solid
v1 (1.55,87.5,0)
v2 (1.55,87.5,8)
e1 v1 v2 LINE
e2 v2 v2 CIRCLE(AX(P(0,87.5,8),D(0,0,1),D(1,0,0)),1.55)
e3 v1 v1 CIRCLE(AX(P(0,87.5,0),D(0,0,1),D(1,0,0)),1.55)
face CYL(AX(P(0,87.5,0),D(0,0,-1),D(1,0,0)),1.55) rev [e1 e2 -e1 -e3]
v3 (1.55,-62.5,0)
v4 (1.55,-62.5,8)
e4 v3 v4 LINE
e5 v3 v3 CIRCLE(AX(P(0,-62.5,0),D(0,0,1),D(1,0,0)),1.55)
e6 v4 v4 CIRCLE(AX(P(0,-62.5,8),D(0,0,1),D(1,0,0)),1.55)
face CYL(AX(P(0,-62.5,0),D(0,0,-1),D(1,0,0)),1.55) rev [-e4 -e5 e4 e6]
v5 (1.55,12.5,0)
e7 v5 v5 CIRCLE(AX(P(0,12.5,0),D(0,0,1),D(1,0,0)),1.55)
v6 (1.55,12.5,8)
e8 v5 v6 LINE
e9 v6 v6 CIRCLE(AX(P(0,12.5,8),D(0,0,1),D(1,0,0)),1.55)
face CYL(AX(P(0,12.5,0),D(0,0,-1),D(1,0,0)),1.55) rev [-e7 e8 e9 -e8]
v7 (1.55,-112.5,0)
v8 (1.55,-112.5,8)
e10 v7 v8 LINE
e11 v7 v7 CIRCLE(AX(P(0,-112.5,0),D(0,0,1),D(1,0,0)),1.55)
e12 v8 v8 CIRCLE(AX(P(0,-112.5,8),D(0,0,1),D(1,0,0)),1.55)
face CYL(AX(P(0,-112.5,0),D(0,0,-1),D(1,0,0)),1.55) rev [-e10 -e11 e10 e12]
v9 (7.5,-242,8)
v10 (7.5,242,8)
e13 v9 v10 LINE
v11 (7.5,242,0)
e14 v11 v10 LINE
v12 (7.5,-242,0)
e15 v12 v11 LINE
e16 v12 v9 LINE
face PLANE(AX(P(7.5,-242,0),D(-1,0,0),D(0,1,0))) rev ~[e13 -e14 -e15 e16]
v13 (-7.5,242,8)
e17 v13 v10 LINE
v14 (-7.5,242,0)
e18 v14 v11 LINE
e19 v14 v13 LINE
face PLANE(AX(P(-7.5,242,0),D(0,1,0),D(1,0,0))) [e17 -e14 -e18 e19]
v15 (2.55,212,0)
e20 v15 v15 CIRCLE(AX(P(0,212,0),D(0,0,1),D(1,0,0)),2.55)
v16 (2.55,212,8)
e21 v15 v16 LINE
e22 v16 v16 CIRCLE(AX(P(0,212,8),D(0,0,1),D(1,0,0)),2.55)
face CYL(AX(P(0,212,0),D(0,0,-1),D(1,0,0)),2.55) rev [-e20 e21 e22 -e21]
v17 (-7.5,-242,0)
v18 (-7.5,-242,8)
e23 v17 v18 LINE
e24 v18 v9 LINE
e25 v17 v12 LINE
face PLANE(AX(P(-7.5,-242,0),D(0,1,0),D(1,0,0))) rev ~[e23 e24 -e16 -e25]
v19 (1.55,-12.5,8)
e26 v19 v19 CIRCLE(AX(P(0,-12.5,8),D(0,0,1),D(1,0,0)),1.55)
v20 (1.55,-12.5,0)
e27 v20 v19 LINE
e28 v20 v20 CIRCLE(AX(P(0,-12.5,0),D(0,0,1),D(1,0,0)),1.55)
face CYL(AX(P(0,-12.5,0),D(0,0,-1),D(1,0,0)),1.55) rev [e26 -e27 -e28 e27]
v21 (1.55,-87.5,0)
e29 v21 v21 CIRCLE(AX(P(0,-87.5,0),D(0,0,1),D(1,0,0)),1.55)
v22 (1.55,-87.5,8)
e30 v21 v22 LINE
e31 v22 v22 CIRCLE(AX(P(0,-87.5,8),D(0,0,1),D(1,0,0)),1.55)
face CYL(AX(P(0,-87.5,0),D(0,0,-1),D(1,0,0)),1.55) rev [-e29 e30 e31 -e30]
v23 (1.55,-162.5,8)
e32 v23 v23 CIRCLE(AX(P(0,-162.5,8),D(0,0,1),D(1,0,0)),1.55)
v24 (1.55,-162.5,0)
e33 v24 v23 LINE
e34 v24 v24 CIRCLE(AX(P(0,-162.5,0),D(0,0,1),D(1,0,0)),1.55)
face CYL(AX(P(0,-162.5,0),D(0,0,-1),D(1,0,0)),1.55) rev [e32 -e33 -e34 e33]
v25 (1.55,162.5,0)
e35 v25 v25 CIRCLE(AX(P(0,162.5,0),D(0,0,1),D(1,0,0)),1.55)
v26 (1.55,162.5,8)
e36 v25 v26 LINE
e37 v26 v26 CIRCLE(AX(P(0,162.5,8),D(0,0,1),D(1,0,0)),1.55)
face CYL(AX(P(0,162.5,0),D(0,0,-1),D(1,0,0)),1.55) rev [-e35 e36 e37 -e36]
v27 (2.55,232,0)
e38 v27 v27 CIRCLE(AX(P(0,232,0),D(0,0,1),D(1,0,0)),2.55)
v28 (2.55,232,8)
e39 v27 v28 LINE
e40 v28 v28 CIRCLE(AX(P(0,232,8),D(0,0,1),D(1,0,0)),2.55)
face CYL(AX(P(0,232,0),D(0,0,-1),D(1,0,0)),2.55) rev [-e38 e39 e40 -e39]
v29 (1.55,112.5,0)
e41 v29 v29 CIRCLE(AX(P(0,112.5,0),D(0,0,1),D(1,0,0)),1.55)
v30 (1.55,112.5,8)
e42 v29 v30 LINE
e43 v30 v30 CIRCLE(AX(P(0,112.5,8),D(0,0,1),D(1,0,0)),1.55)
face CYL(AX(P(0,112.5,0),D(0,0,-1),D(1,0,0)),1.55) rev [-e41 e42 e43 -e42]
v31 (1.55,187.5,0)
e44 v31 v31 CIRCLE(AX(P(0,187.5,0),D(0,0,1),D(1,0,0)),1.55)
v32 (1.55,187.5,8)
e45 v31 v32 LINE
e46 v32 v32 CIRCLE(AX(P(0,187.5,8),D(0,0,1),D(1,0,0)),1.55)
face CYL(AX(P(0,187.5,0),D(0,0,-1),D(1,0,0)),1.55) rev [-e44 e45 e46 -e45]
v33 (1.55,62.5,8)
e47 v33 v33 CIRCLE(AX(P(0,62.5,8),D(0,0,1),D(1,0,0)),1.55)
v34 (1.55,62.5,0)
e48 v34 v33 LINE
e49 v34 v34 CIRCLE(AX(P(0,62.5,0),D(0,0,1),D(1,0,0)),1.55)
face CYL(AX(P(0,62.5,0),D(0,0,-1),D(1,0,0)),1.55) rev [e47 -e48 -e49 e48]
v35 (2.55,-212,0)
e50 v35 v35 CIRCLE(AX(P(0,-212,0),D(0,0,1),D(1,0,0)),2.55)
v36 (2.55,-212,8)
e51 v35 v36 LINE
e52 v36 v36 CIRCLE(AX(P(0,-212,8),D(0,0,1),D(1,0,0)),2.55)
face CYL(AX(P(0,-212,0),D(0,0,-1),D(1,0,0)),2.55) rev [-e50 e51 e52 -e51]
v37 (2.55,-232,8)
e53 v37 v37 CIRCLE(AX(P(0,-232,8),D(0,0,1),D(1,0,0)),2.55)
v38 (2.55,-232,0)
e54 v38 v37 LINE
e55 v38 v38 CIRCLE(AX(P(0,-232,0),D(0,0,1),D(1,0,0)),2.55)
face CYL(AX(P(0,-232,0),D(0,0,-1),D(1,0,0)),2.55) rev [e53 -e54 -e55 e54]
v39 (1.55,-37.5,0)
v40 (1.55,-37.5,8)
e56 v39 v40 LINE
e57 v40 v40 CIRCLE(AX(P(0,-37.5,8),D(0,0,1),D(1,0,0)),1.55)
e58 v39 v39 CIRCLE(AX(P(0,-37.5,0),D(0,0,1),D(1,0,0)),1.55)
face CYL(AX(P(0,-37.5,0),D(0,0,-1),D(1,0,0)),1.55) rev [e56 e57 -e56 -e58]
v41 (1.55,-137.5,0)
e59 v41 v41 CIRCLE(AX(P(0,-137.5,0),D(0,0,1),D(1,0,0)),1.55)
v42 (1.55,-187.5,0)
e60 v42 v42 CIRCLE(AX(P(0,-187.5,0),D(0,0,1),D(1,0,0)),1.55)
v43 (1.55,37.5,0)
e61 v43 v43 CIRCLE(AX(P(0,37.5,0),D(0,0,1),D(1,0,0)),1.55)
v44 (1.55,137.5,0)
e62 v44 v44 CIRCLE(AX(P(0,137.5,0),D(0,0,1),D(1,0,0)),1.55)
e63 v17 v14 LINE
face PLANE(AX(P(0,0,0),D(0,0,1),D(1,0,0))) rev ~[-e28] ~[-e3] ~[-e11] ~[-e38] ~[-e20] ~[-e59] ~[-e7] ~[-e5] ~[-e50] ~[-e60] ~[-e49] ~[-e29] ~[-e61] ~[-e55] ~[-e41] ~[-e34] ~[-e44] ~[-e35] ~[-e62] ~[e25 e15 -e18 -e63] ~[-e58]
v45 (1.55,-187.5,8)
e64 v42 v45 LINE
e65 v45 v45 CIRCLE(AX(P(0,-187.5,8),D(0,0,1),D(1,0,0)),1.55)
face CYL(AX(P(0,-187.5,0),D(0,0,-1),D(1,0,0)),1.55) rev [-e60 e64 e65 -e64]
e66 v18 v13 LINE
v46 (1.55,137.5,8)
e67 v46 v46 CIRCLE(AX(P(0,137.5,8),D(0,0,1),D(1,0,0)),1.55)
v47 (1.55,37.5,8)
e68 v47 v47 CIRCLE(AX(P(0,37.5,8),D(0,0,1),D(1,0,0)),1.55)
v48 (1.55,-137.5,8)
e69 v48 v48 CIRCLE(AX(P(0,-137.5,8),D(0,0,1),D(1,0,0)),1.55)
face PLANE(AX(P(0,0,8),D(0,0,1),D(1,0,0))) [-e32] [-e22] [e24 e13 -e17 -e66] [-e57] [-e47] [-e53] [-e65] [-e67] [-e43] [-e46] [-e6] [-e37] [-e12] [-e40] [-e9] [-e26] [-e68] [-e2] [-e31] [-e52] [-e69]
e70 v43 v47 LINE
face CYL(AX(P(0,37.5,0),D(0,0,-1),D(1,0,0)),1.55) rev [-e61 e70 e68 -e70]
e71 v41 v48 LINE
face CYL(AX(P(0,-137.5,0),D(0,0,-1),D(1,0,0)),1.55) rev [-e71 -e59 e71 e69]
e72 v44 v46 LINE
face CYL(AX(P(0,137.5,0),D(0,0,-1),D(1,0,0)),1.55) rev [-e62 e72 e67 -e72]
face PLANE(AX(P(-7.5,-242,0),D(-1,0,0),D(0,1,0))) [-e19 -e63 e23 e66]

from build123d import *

# Parameters (mm, degrees)
F0_W     = 15
F0_H     = 484
F0_R     = 2.55
F0_R_2   = 1.55
F1_DEPTH = 8


with BuildPart() as f1:
    # F0 (on Top) → F1 (new body)
    with BuildSketch(Plane.XY):
        Rectangle(F0_W, F0_H)
        with Locations((0, -232)):
            Circle(F0_R, mode=Mode.SUBTRACT)
        with Locations((0, -212)):
            Circle(F0_R, mode=Mode.SUBTRACT)
        with Locations((0, -187.5)):
            Circle(F0_R_2, mode=Mode.SUBTRACT)
        with Locations((0, -162.5)):
            Circle(F0_R_2, mode=Mode.SUBTRACT)
        with Locations((0, -137.5)):
            Circle(F0_R_2, mode=Mode.SUBTRACT)
        with Locations((0, -112.5)):
            Circle(F0_R_2, mode=Mode.SUBTRACT)
        with Locations((0, -87.5)):
            Circle(F0_R_2, mode=Mode.SUBTRACT)
        with Locations((0, -62.5)):
            Circle(F0_R_2, mode=Mode.SUBTRACT)
        with Locations((0, -37.5)):
            Circle(F0_R_2, mode=Mode.SUBTRACT)
        with Locations((0, -12.5)):
            Circle(F0_R_2, mode=Mode.SUBTRACT)
        with Locations((0, 12.5)):
            Circle(F0_R_2, mode=Mode.SUBTRACT)
        with Locations((0, 37.5)):
            Circle(F0_R_2, mode=Mode.SUBTRACT)
        with Locations((0, 62.5)):
            Circle(F0_R_2, mode=Mode.SUBTRACT)
        with Locations((0, 87.5)):
            Circle(F0_R_2, mode=Mode.SUBTRACT)
        with Locations((0, 112.5)):
            Circle(F0_R_2, mode=Mode.SUBTRACT)
        with Locations((0, 137.5)):
            Circle(F0_R_2, mode=Mode.SUBTRACT)
        with Locations((0, 162.5)):
            Circle(F0_R_2, mode=Mode.SUBTRACT)
        with Locations((0, 187.5)):
            Circle(F0_R_2, mode=Mode.SUBTRACT)
        with Locations((0, 212)):
            Circle(F0_R, mode=Mode.SUBTRACT)
        with Locations((0, 232)):
            Circle(F0_R, mode=Mode.SUBTRACT)
    extrude(amount=F1_DEPTH)


solid = f1.part
